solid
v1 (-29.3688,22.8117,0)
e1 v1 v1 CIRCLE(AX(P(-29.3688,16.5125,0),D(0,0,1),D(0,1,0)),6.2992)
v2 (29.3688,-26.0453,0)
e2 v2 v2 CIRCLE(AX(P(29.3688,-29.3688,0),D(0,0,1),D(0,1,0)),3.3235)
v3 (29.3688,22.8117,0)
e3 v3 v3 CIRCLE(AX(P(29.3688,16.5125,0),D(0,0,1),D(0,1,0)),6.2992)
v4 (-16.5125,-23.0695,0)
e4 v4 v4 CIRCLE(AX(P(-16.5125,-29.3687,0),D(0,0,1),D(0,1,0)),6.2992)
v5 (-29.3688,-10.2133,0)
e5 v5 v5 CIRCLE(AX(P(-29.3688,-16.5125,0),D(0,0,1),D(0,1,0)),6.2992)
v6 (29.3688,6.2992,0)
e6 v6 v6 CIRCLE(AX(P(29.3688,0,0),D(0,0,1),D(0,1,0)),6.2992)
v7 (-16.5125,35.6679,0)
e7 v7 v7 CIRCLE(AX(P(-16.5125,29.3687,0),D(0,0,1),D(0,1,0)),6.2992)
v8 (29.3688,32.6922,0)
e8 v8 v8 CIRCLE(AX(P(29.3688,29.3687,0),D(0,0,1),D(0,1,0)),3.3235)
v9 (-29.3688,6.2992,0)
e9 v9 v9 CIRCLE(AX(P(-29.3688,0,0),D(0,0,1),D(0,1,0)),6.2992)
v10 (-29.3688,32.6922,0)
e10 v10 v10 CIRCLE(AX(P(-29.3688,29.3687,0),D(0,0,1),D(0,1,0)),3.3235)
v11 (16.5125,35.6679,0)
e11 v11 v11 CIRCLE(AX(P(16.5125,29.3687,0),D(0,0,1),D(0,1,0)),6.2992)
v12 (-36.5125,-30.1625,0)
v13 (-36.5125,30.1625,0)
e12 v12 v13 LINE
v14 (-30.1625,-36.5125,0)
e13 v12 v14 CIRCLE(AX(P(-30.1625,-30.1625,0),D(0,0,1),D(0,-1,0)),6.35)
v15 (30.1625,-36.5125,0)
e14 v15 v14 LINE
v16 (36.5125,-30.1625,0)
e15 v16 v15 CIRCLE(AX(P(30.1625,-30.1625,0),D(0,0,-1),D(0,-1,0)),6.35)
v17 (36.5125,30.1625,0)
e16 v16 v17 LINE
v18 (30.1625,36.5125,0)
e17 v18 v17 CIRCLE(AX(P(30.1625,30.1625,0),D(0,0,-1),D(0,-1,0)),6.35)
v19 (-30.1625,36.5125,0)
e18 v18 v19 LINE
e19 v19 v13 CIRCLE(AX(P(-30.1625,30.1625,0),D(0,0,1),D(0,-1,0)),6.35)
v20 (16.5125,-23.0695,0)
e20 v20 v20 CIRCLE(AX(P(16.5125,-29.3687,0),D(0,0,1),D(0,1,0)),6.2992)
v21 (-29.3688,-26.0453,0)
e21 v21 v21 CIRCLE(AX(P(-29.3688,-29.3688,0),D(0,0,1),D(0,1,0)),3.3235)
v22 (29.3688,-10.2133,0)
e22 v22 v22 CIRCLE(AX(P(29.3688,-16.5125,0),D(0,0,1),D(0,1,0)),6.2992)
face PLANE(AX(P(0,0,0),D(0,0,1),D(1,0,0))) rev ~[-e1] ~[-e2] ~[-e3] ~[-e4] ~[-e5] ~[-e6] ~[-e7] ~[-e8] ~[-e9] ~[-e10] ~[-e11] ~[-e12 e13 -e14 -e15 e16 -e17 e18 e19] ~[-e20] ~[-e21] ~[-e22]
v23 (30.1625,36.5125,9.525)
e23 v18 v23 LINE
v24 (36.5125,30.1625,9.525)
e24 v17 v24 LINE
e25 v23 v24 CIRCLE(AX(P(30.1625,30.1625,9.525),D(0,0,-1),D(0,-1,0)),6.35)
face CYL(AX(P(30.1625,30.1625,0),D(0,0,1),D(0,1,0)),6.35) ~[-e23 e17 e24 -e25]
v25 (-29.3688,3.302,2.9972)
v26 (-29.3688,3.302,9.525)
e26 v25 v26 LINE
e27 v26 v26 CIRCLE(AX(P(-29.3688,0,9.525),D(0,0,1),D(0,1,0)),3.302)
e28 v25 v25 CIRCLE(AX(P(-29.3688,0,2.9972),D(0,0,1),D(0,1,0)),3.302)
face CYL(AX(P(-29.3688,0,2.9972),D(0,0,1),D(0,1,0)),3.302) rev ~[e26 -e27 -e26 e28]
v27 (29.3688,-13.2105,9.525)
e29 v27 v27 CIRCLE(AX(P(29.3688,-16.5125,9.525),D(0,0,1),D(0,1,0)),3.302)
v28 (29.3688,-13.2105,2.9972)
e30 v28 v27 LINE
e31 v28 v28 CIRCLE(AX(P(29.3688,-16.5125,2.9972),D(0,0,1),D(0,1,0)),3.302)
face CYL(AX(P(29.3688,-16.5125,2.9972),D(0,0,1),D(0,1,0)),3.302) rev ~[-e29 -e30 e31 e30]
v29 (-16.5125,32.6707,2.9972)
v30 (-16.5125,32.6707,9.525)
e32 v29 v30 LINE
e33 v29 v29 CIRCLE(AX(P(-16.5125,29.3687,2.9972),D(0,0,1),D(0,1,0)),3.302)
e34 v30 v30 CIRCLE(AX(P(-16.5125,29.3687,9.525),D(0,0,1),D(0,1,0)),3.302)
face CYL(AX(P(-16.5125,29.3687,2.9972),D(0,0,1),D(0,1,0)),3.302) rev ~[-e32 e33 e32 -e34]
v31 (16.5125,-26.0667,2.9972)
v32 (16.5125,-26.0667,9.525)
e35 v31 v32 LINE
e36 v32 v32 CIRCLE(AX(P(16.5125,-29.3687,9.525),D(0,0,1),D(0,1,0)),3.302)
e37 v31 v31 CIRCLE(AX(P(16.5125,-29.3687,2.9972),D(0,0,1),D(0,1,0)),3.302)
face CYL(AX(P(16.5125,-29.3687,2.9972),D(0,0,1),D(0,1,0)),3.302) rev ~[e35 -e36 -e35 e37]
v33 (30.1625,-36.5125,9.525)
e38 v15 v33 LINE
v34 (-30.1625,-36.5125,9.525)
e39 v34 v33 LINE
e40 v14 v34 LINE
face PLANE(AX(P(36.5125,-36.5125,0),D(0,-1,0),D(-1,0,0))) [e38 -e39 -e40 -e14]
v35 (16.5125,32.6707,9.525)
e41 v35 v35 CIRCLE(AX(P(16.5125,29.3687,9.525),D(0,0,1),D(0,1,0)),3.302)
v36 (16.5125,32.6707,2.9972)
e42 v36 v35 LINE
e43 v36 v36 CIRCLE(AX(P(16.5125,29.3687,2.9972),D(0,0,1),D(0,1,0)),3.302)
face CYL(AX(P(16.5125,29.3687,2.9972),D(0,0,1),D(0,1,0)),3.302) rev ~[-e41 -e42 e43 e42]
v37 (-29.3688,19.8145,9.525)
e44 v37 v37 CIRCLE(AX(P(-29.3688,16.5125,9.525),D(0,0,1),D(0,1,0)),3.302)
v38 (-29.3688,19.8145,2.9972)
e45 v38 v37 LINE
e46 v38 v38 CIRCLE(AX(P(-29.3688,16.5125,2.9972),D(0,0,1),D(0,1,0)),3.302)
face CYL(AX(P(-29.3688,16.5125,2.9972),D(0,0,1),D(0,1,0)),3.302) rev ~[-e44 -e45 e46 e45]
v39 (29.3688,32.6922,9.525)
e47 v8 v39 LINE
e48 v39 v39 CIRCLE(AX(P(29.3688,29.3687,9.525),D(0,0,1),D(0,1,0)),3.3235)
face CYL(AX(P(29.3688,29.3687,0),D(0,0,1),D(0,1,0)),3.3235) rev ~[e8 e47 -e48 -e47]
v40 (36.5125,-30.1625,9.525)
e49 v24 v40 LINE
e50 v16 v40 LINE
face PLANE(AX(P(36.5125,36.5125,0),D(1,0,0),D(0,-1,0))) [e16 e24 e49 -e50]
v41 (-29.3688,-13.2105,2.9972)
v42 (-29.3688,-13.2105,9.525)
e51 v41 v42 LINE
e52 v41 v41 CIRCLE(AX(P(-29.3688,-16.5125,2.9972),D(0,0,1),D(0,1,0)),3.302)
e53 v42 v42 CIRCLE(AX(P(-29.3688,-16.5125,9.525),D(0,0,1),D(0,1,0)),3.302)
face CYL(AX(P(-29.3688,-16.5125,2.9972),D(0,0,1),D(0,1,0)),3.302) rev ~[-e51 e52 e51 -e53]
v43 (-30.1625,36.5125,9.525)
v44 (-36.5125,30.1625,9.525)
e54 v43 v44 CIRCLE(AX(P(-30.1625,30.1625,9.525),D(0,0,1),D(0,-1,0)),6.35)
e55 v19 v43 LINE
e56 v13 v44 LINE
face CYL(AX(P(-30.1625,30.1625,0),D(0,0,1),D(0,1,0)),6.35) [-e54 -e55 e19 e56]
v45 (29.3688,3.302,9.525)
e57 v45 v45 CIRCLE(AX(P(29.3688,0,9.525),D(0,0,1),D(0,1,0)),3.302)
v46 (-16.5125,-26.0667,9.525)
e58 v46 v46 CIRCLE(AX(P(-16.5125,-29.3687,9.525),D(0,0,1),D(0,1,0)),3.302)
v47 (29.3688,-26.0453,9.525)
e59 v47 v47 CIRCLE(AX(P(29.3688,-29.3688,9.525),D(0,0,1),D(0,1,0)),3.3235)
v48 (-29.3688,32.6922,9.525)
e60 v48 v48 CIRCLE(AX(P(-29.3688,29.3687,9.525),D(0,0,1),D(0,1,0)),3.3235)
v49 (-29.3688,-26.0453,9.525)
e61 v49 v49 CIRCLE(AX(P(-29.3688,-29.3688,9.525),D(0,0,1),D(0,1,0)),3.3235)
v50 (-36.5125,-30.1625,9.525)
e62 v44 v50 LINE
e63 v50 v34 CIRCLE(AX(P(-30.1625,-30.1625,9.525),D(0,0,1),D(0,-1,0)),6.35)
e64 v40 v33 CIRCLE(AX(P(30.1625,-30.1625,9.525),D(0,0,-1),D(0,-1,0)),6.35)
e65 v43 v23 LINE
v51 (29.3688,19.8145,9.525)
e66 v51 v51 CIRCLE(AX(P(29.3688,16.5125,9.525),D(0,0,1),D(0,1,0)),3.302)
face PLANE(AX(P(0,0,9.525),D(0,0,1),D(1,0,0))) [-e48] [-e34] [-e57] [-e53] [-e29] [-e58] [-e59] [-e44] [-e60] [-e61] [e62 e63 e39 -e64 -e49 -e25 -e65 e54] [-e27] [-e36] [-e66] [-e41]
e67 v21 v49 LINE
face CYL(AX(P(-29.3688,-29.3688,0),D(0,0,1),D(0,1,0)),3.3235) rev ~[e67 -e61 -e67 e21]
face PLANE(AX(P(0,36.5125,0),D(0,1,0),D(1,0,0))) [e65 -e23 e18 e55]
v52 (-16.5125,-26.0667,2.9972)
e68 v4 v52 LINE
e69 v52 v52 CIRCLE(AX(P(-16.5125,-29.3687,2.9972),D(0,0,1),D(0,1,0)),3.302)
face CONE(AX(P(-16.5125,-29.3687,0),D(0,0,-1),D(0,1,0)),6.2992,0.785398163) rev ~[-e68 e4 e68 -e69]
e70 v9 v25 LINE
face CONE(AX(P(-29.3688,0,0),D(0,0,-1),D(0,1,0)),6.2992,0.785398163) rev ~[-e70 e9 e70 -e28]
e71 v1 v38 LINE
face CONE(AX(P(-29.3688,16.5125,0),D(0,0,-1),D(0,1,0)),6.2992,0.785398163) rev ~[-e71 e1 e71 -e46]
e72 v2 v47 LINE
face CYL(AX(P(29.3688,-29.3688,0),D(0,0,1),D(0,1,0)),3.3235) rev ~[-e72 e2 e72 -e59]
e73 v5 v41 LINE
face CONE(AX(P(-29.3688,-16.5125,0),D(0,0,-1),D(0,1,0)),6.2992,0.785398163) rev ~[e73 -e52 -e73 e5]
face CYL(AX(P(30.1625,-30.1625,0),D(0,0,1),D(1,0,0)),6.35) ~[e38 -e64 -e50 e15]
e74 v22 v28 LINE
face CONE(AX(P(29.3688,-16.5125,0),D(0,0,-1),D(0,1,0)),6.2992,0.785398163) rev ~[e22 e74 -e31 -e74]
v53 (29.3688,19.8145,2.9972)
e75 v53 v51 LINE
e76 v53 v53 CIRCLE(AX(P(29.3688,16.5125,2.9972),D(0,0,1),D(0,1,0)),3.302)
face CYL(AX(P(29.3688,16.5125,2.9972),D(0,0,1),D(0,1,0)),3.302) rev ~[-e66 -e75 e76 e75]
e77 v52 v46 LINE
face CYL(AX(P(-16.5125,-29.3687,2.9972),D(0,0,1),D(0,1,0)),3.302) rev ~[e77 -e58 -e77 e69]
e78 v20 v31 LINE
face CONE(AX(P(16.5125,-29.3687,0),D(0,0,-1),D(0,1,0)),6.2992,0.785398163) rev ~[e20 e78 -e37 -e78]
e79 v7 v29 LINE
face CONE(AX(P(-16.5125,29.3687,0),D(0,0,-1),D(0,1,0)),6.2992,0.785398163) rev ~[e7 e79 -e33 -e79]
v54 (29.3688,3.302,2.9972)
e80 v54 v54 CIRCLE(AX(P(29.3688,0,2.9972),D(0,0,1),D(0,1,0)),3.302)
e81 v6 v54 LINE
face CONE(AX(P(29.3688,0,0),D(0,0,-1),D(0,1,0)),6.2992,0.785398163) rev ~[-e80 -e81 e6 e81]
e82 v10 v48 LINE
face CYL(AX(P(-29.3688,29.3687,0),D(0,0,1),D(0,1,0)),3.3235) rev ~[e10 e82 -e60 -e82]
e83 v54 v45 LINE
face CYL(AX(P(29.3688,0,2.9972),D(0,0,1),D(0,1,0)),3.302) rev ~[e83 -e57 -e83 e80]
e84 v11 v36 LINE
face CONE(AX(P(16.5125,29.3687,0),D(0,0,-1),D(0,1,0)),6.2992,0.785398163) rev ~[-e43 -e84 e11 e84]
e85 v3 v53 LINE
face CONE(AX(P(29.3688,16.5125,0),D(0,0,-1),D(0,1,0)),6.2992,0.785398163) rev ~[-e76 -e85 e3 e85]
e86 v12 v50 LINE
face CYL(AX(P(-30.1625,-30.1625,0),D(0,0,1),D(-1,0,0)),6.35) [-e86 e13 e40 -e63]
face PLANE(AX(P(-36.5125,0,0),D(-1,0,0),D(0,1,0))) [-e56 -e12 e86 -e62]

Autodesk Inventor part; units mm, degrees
ref_plane "YZ Plane" through (0, 0, 0) normal (1, 0, 0) x (0, 1, 0)
ref_plane "XZ Plane" through (0, 0, 0) normal (0, 1, 0) x (-1, 0, 0)
ref_plane "XY Plane" through (0, 0, 0) normal (0, 0, 1) x (1, 0, 0)
sketch "Sketch1" plane through (0, 0, 0) normal (0, 0, 1) x (1, 0, 0)
  line L0 (0, 51.1175) -> (0, -51.1175) projected
  line L1 (-51.1175, 0) -> (51.1175, 0) projected
  line L2 (36.5125, -36.5125) -> (-36.5125, -36.5125)
  line L3 (-36.5125, -36.5125) -> (-36.5125, 36.5125)
  line L4 (-36.5125, 36.5125) -> (36.5125, 36.5125)
  line L5 (36.5125, 36.5125) -> (36.5125, -36.5125)
  line L6 (36.5125, -36.5125) -> (-36.5125, 36.5125) construction
  line L7 (-36.5125, -36.5125) -> (36.5125, 36.5125) construction
  line L8 (29.3688, -29.3688) -> (-29.3688, -29.3688) construction
  line L9 (-29.3688, -29.3688) -> (-29.3688, 29.3687) construction
  line L10 (-29.3688, 29.3687) -> (29.3688, 29.3687) construction
  line L11 (29.3688, 29.3687) -> (29.3688, -29.3688) construction
  line L12 (29.3688, -29.3688) -> (-29.3688, 29.3687) construction
  line L13 (-29.3688, -29.3688) -> (29.3688, 29.3687) construction
  point P0 (0, 0)
  dimension "d0" = 73.025
  dimension "d1" = 58.7375
extrude "Extrusion1" add sketch "Sketch1" along normal blind 9.525
hole "Hole1" at (-29.3688, 29.3687, 0) at (29.3688, 29.3687, 0) at (29.3688, -29.3688, 0) at (-29.3688, -29.3688, 0) direction (0, 0, 1) diameter 6.647 end through all thread size "M8x1.25" class "6H" standard "ANSI Metric M Profile"
sketch "Sketch2" plane through (0, 0, 0) normal (0, 0, -1) x (-1, 0, 0)
  line L0 (-36.5125, 36.5125) -> (36.5125, 36.5125) projected
  line L1 (-29.3688, 29.3687) -> (-29.3688, -29.3688) construction
  line L2 (29.3688, -29.3688) -> (29.3688, 29.3687) construction
  line L3 (29.3688, 29.3687) -> (-29.3688, 29.3687) construction
  line L4 (-29.3688, -29.3688) -> (29.3688, -29.3688) construction
  line L5 (16.5125, -29.3687) -> (-16.5125, -29.3687) construction
  line L6 (-16.5125, -29.3687) -> (-16.5125, 29.3687) construction
  line L7 (-16.5125, 29.3687) -> (16.5125, 29.3687) construction
  line L8 (16.5125, 29.3687) -> (16.5125, -29.3687) construction
  line L9 (16.5125, -29.3687) -> (-16.5125, 29.3687) construction
  line L10 (-16.5125, -29.3687) -> (16.5125, 29.3687) construction
  line L11 (-36.5125, -36.5125) -> (-36.5125, 36.5125) construction
  line L12 (29.3688, -16.5125) -> (-29.3688, -16.5125) construction
  line L13 (-29.3688, -16.5125) -> (-29.3688, 16.5125) construction
  line L14 (-29.3688, 16.5125) -> (29.3688, 16.5125) construction
  line L15 (29.3688, 16.5125) -> (29.3688, -16.5125) construction
  line L16 (29.3688, -16.5125) -> (-29.3688, 16.5125) construction
  line L17 (-29.3688, -16.5125) -> (29.3688, 16.5125) construction
  point P0 (0, 0)
  point P1 (-29.3688, 0)
  point P2 (29.3688, 0)
  point P3 (0, 29.3687)
  point P4 (0, -29.3688)
  dimension "d12" = 20
  dimension "d21" = 20
hole "Hole2" at (-16.5125, 29.3687, 0) at (16.5125, -29.3687, 0) at (29.3688, 0, 0) at (-29.3688, 0, 0) at (16.5125, 29.3687, 0) at (-16.5125, -29.3687, 0) at (29.3688, 16.5125, 0) at (29.3688, -16.5125, 0) at (-29.3688, -16.5125, 0) at (-29.3688, 16.5125, 0) direction (0, 0, 1) diameter 6.604 end through all countersink diameter 12.5984 countersink angle 90 clearance for "Flat Head Machine Screw" size "M6" standard "Ansi Metric M Profile"
fillet "Fillet1" radius 6.35 4 edges at (-36.5125, -36.5125, 4.7625) (-36.5125, 36.5125, 4.7625) (36.5125, -36.5125, 4.7625) (36.5125, 36.5125, 4.7625)
sketch "Sketch3" plane through (0, 0, 9.525) normal (0, 0, 1) x (1, 0, 0)
  point P0 (0, 0)
